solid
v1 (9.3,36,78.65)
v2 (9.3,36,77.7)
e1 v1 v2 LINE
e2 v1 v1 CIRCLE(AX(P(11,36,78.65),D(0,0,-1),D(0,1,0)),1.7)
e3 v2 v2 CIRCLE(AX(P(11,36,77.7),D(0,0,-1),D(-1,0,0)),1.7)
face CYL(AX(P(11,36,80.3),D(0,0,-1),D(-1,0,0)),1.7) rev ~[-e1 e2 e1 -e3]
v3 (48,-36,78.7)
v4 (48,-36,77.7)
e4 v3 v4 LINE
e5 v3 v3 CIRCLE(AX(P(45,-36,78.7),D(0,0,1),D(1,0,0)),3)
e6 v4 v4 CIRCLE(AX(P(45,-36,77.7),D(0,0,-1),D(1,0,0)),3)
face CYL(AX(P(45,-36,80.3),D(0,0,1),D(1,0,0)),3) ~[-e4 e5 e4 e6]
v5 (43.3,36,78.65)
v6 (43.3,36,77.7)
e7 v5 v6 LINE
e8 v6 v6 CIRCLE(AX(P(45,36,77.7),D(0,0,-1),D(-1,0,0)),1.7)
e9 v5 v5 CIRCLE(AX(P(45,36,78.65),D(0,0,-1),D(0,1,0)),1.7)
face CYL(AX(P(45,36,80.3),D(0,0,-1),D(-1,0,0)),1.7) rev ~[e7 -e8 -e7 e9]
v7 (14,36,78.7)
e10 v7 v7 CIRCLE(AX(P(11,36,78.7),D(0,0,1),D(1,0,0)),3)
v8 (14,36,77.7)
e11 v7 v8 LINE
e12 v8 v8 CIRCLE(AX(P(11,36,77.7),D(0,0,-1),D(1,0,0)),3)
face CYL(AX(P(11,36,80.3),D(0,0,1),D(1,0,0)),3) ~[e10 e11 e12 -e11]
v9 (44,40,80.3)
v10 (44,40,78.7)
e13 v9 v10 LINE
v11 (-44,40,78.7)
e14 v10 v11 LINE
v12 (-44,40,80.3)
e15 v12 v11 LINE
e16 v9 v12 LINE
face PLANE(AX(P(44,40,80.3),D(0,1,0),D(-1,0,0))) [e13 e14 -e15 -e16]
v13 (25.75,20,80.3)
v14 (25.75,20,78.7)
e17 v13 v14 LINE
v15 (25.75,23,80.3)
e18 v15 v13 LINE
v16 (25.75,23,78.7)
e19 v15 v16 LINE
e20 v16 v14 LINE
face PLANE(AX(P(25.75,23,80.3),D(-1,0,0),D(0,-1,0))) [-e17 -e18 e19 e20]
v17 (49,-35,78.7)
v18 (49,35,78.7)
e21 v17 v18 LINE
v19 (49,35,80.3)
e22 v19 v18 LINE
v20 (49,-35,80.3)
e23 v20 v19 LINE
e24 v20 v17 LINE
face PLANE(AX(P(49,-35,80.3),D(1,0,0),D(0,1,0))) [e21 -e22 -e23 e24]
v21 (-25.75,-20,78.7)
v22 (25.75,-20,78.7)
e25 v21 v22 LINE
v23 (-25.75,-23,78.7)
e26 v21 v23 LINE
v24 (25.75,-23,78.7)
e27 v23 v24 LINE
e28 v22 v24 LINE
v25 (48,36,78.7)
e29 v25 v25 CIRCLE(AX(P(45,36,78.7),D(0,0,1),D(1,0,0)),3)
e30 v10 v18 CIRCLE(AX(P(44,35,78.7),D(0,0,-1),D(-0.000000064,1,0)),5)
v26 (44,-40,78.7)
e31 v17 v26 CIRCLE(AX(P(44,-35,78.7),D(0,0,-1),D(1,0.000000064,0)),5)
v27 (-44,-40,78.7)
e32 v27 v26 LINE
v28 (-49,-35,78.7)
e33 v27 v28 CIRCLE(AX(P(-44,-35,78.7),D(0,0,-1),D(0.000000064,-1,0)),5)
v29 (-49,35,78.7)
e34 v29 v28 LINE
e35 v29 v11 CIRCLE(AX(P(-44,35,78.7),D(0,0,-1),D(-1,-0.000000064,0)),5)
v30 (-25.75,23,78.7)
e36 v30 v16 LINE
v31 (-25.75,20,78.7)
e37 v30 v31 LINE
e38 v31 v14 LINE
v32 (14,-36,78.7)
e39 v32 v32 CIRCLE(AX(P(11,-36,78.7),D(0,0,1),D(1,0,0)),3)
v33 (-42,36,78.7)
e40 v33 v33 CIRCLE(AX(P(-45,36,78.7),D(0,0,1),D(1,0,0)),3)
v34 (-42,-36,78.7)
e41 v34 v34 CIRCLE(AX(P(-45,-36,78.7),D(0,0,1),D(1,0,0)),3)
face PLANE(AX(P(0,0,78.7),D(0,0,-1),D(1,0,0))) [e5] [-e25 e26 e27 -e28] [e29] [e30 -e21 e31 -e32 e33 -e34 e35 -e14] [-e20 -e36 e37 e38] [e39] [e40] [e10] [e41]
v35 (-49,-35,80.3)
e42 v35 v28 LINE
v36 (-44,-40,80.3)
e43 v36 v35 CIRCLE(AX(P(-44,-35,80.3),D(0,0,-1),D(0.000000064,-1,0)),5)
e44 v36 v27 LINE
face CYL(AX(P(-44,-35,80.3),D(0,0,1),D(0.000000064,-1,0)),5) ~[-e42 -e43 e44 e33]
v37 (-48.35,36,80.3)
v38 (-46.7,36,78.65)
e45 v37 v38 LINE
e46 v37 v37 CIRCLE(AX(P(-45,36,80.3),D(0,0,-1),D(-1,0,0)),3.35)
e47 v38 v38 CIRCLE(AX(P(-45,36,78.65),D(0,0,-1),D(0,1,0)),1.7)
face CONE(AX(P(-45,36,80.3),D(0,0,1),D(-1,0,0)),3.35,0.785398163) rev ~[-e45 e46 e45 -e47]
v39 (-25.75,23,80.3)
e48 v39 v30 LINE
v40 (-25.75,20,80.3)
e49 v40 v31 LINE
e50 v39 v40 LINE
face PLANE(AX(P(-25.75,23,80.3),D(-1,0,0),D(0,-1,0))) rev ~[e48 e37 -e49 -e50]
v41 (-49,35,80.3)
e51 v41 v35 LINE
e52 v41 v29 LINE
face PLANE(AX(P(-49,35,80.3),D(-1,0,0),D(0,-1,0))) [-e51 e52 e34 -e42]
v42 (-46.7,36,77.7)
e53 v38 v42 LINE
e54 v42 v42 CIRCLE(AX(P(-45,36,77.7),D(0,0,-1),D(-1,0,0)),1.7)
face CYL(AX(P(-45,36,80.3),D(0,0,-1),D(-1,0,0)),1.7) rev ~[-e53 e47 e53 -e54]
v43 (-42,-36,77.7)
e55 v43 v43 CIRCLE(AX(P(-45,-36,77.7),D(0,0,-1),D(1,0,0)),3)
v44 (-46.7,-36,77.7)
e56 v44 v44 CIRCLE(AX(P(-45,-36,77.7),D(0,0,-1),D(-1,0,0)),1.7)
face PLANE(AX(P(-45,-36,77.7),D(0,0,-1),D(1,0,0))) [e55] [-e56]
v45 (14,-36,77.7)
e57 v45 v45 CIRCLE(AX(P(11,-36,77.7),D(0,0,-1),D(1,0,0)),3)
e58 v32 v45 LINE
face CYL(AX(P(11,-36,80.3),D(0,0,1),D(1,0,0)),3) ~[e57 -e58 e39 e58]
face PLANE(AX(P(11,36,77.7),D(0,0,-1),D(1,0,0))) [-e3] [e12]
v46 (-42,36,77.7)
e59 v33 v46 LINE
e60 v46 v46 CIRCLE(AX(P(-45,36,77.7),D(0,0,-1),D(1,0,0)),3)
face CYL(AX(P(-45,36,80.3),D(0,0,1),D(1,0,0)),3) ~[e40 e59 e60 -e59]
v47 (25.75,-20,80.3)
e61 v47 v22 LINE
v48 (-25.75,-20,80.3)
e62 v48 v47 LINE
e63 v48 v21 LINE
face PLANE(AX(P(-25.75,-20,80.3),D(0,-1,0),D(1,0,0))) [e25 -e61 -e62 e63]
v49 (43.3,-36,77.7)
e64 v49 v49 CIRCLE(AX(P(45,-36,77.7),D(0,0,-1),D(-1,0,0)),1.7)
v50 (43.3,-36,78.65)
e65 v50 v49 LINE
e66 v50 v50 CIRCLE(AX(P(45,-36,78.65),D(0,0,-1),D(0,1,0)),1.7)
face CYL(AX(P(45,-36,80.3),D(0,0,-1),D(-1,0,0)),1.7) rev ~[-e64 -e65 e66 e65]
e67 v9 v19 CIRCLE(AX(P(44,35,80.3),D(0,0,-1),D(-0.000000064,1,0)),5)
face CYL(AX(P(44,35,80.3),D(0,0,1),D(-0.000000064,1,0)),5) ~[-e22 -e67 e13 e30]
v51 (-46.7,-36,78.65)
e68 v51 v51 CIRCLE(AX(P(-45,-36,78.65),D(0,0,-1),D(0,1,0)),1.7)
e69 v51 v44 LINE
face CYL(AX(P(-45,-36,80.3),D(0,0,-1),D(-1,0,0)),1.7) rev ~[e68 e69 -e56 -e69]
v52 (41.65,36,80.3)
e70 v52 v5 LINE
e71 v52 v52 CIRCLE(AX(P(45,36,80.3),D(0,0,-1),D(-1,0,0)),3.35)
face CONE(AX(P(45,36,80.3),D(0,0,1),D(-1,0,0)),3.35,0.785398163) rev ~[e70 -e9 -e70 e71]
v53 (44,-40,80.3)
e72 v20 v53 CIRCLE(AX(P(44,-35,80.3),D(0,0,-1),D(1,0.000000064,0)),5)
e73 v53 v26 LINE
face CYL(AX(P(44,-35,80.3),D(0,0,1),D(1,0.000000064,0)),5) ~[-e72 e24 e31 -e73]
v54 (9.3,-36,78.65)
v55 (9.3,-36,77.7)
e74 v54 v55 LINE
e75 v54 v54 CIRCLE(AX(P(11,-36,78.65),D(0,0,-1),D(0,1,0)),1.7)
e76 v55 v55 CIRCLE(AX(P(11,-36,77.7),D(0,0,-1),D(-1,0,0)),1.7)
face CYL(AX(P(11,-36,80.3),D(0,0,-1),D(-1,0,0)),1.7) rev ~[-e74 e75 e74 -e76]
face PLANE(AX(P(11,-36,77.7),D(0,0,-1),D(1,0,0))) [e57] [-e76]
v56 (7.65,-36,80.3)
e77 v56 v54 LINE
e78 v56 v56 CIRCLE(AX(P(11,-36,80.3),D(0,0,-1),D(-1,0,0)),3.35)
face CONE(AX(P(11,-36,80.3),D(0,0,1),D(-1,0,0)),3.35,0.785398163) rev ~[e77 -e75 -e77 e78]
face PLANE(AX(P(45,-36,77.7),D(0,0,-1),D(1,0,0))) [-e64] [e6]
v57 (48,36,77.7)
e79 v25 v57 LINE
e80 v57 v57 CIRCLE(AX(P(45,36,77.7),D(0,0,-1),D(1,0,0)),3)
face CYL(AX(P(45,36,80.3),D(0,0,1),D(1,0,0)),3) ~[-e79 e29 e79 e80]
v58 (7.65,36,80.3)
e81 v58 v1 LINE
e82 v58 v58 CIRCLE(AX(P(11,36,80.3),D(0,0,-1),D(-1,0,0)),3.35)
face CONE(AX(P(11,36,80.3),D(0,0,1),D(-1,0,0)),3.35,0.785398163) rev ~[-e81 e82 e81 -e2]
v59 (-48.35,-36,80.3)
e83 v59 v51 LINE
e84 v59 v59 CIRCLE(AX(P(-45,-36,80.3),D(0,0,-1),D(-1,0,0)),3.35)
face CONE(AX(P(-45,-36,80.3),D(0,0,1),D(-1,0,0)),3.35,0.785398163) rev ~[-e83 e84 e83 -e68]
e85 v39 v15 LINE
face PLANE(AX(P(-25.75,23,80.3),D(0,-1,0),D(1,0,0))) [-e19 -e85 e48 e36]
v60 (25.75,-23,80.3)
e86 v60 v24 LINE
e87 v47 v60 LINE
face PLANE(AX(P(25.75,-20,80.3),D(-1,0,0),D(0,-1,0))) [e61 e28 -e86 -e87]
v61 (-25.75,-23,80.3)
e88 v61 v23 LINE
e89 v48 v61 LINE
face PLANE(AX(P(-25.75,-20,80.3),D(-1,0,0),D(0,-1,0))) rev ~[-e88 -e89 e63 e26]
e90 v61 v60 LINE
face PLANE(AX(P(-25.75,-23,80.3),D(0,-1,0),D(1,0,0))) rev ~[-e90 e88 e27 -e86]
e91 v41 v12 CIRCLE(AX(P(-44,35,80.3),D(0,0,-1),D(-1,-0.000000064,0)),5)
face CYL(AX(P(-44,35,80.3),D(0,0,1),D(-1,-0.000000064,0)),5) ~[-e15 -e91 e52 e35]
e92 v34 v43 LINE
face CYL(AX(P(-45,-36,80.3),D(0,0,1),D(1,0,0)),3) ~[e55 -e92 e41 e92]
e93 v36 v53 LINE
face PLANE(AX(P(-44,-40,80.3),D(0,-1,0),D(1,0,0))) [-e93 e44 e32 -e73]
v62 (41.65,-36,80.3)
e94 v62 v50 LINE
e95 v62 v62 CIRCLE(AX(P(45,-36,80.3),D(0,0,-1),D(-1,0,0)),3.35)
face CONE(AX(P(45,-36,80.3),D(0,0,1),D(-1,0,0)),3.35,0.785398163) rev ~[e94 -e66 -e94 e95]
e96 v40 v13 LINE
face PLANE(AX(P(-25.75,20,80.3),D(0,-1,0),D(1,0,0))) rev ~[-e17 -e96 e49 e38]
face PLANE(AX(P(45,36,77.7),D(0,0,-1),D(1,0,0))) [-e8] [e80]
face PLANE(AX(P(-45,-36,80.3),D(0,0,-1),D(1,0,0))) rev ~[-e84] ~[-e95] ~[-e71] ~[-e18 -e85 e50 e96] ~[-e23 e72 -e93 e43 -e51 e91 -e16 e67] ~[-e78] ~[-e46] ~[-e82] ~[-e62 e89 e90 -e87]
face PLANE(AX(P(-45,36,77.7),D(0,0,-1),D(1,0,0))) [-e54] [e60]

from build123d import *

# Parameters (mm, degrees)
SKETCH021_W             = 51.5
SKETCH021_H             = 3
PAD014_DEPTH            = 1.6
SKETCH022_R             = 3
PAD015_DEPTH            = 2.6
HOLE_D                  = 3.4
HOLE_DEPTH              = 25
HOLE_CSINK_D            = 6.7
HOLE_CSINK_ANGLE        = 90
BODY005_PLACEMENT_ANGLE = 180


with BuildPart() as part:
    # Sketch021 → Pad014 (new body)
    with BuildSketch(Plane.XY):
        with BuildLine():
            ThreePointArc((-44, 40), (-47.535534, 38.535534), (-49, 35))
            Line((-49, -35), (-49, 35))
            ThreePointArc((-49, -35), (-47.535534, -38.535534), (-44, -40))
            Line((44, -40), (-44, -40))
            ThreePointArc((44, -40), (47.535534, -38.535534), (49, -35))
            Line((49, 35), (49, -35))
            ThreePointArc((49, 35), (47.535534, 38.535534), (44, 40))
            Line((-44, 40), (44, 40))
        make_face()
        with Locations((0, 21.5)):
            Rectangle(SKETCH021_W, SKETCH021_H, mode=Mode.SUBTRACT)
        with Locations((0, -21.5)):
            Rectangle(SKETCH021_W, SKETCH021_H, mode=Mode.SUBTRACT)
    extrude(amount=PAD014_DEPTH)

    # Sketch022 → Pad015 (join)
    with BuildSketch(Plane.XY):
        with Locations((-45, 36)):
            Circle(SKETCH022_R)
        with Locations((11, 36)):
            Circle(SKETCH022_R)
        with Locations((45, 36)):
            Circle(SKETCH022_R)
        with Locations((45, -36)):
            Circle(SKETCH022_R)
        with Locations((11, -36)):
            Circle(SKETCH022_R)
        with Locations((-45, -36)):
            Circle(SKETCH022_R)
    extrude(amount=PAD015_DEPTH)

    # Hole
    with Locations(Plane(origin=(0, 0, 0), x_dir=(1, 0, 0), z_dir=(0, 0, -1))):
        with Locations((-45, -36), (11, -36), (45, -36), (45, 36), (11, 36), (-45, 36)):
            CounterSinkHole(HOLE_D / 2, HOLE_CSINK_D / 2, depth=HOLE_DEPTH, counter_sink_angle=HOLE_CSINK_ANGLE)


with BuildPart() as part_1:
    # Body005 placement: moved
    add(part.part.moved(Location((0, 0, 80.3))).rotate(Axis((0, 0, 80.3), (1, 0, 0)), BODY005_PLACEMENT_ANGLE))


solid = part_1.part
